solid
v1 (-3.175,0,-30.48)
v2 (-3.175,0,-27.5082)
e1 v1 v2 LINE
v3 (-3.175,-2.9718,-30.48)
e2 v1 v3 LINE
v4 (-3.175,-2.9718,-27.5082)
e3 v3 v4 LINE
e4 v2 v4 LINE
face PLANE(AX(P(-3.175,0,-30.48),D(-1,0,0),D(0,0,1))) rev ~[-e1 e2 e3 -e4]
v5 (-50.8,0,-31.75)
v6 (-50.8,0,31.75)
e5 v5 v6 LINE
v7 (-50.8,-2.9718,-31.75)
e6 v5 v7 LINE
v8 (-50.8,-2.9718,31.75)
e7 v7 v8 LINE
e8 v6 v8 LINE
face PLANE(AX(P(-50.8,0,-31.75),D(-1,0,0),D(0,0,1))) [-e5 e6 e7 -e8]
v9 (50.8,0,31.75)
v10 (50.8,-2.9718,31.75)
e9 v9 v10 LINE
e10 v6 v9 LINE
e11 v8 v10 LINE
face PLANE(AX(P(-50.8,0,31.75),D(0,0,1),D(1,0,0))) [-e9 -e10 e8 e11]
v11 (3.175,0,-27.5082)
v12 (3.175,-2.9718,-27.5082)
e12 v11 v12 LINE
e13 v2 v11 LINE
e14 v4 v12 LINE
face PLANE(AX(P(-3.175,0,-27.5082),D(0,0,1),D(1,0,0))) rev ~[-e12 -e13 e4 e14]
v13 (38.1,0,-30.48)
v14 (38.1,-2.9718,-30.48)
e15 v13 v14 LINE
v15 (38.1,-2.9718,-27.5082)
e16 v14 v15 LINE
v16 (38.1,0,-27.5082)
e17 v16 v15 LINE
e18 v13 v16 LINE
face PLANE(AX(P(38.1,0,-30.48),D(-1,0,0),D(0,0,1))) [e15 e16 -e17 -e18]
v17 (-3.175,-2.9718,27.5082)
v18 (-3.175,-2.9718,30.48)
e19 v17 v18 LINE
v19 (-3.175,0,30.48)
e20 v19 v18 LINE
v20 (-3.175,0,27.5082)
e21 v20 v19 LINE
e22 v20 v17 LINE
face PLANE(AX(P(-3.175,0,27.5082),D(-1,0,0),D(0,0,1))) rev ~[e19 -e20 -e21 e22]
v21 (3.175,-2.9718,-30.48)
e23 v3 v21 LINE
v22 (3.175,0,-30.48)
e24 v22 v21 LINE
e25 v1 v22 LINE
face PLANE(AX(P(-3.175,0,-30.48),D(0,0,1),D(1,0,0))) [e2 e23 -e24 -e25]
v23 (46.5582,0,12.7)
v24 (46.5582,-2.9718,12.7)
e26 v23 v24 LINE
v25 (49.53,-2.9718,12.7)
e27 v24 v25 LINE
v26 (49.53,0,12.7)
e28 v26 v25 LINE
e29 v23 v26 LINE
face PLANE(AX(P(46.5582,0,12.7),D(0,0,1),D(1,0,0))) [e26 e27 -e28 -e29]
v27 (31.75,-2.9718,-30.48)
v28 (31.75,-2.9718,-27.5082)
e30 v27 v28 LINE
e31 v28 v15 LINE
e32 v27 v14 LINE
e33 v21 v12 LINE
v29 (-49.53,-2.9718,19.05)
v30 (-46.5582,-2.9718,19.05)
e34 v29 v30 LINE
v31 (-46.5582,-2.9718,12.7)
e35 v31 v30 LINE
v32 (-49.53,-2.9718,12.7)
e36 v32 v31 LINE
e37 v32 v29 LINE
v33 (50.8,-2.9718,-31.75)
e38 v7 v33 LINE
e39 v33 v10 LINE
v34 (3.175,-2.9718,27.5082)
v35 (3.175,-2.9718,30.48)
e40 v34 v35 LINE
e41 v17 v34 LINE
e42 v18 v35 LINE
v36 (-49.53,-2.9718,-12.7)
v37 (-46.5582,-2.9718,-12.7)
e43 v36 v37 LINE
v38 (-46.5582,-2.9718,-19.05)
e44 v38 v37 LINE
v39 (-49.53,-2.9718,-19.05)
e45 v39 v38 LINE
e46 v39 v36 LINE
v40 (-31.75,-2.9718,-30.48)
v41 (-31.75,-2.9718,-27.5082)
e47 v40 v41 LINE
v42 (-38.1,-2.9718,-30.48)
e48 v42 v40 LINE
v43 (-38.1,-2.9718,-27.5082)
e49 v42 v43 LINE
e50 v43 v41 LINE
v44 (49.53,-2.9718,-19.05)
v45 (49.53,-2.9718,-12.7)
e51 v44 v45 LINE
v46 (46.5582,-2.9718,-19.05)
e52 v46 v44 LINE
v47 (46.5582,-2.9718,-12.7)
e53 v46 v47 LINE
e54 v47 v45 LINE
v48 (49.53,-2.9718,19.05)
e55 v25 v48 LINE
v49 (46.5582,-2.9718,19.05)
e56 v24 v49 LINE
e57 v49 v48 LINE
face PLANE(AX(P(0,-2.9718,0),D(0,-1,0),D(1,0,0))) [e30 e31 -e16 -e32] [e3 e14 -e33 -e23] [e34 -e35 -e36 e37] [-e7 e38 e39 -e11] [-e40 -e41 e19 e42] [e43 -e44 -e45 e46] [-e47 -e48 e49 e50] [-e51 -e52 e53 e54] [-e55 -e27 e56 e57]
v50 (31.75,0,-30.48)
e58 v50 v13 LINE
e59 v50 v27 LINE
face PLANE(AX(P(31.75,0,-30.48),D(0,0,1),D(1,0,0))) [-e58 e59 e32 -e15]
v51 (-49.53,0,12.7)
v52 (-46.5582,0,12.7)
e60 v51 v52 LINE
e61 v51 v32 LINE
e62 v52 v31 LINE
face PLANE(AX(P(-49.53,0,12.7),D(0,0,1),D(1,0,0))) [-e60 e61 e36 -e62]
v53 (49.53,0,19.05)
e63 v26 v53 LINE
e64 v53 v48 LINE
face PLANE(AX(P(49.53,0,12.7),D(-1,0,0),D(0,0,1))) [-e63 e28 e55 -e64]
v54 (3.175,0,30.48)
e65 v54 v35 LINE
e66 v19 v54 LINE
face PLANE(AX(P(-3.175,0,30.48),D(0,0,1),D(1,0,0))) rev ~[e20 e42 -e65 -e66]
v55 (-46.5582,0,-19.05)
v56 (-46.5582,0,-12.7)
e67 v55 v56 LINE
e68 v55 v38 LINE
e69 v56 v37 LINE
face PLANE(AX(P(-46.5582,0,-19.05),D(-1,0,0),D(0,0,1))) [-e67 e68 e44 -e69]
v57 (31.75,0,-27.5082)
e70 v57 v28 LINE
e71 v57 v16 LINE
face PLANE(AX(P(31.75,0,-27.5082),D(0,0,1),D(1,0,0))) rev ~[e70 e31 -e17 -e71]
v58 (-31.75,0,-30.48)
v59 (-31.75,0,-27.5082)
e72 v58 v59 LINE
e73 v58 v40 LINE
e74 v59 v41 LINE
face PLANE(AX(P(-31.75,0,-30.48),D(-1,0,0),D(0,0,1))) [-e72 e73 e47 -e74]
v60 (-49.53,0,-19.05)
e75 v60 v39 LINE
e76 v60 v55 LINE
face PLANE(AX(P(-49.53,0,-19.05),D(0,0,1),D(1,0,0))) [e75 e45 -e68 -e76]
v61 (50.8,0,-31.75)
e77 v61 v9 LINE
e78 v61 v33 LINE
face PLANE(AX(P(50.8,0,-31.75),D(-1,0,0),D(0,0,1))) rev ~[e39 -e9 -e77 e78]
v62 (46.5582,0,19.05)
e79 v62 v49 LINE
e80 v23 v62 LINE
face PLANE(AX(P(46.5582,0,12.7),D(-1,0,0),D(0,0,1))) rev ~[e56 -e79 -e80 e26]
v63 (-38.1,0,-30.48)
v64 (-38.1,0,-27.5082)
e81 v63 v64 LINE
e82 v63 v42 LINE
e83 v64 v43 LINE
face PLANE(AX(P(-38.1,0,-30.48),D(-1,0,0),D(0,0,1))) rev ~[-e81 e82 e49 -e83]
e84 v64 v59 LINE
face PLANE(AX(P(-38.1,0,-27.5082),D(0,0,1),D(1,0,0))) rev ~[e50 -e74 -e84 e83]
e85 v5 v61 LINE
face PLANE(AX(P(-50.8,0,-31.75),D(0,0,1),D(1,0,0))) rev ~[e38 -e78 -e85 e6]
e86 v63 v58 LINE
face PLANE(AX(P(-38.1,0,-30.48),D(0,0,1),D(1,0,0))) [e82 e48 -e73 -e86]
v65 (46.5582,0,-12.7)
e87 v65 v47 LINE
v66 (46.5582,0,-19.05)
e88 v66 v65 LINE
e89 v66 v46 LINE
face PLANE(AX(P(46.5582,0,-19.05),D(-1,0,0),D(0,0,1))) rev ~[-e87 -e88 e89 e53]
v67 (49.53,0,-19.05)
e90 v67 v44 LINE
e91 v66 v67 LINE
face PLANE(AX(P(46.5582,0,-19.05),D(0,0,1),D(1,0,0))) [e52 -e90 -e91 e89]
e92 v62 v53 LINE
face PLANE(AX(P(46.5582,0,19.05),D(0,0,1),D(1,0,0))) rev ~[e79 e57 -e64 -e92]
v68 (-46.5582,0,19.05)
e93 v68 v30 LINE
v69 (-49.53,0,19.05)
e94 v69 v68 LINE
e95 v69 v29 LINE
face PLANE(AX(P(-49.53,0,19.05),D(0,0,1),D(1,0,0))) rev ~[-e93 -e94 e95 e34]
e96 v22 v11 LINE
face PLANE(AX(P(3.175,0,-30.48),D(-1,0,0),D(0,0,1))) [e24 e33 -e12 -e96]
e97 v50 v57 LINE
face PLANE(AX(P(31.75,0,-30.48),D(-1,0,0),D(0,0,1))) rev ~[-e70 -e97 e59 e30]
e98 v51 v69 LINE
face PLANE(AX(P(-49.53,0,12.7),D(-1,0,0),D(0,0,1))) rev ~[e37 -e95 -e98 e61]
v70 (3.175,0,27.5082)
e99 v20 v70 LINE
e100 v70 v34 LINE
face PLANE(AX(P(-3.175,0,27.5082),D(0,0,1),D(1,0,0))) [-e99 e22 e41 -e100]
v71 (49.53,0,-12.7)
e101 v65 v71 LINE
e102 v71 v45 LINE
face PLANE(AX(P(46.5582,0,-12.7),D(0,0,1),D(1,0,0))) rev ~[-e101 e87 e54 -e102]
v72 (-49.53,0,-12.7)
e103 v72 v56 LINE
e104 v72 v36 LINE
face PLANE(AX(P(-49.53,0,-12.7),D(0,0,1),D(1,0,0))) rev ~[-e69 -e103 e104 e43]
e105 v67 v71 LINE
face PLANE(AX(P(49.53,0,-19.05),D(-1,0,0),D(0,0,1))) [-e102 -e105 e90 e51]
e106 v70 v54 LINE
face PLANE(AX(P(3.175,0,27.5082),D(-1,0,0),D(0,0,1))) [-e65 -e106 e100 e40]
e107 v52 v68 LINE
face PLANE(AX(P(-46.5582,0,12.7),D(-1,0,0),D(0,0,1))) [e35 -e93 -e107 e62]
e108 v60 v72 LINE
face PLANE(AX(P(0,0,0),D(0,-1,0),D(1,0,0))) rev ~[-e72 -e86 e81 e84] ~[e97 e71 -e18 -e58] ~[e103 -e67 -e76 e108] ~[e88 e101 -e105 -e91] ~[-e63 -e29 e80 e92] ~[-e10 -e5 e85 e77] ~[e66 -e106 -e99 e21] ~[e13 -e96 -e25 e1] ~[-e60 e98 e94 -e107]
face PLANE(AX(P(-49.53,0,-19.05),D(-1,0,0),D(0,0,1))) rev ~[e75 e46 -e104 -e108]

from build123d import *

# Parameters (mm, degrees)
F0_W     = 101.6
F0_H     = 63.5
F0_W_2   = 6.35
F0_H_2   = 2.9718
F0_W_3   = 2.9718
F0_H_3   = 6.35
F1_DEPTH = 2.9718


with BuildPart() as f1:
    # F0 (on Front) → F1 (new body)
    with BuildSketch(Plane.XZ):
        Rectangle(F0_W, F0_H)
        with Locations((-34.925, -28.9941)):
            Rectangle(F0_W_2, F0_H_2, mode=Mode.SUBTRACT)
        with Locations((0, -28.9941)):
            Rectangle(F0_W_2, F0_H_2, mode=Mode.SUBTRACT)
        with Locations((-48.0441, -15.875)):
            Rectangle(F0_W_3, F0_H_3, mode=Mode.SUBTRACT)
        with Locations((34.925, -28.9941)):
            Rectangle(F0_W_2, F0_H_2, mode=Mode.SUBTRACT)
        with Locations((48.0441, -15.875)):
            Rectangle(F0_W_3, F0_H_3, mode=Mode.SUBTRACT)
        with Locations((-48.0441, 15.875)):
            Rectangle(F0_W_3, F0_H_3, mode=Mode.SUBTRACT)
        with Locations((0, 28.9941)):
            Rectangle(F0_W_2, F0_H_2, mode=Mode.SUBTRACT)
        with Locations((48.0441, 15.875)):
            Rectangle(F0_W_3, F0_H_3, mode=Mode.SUBTRACT)
    extrude(amount=F1_DEPTH)


solid = f1.part
